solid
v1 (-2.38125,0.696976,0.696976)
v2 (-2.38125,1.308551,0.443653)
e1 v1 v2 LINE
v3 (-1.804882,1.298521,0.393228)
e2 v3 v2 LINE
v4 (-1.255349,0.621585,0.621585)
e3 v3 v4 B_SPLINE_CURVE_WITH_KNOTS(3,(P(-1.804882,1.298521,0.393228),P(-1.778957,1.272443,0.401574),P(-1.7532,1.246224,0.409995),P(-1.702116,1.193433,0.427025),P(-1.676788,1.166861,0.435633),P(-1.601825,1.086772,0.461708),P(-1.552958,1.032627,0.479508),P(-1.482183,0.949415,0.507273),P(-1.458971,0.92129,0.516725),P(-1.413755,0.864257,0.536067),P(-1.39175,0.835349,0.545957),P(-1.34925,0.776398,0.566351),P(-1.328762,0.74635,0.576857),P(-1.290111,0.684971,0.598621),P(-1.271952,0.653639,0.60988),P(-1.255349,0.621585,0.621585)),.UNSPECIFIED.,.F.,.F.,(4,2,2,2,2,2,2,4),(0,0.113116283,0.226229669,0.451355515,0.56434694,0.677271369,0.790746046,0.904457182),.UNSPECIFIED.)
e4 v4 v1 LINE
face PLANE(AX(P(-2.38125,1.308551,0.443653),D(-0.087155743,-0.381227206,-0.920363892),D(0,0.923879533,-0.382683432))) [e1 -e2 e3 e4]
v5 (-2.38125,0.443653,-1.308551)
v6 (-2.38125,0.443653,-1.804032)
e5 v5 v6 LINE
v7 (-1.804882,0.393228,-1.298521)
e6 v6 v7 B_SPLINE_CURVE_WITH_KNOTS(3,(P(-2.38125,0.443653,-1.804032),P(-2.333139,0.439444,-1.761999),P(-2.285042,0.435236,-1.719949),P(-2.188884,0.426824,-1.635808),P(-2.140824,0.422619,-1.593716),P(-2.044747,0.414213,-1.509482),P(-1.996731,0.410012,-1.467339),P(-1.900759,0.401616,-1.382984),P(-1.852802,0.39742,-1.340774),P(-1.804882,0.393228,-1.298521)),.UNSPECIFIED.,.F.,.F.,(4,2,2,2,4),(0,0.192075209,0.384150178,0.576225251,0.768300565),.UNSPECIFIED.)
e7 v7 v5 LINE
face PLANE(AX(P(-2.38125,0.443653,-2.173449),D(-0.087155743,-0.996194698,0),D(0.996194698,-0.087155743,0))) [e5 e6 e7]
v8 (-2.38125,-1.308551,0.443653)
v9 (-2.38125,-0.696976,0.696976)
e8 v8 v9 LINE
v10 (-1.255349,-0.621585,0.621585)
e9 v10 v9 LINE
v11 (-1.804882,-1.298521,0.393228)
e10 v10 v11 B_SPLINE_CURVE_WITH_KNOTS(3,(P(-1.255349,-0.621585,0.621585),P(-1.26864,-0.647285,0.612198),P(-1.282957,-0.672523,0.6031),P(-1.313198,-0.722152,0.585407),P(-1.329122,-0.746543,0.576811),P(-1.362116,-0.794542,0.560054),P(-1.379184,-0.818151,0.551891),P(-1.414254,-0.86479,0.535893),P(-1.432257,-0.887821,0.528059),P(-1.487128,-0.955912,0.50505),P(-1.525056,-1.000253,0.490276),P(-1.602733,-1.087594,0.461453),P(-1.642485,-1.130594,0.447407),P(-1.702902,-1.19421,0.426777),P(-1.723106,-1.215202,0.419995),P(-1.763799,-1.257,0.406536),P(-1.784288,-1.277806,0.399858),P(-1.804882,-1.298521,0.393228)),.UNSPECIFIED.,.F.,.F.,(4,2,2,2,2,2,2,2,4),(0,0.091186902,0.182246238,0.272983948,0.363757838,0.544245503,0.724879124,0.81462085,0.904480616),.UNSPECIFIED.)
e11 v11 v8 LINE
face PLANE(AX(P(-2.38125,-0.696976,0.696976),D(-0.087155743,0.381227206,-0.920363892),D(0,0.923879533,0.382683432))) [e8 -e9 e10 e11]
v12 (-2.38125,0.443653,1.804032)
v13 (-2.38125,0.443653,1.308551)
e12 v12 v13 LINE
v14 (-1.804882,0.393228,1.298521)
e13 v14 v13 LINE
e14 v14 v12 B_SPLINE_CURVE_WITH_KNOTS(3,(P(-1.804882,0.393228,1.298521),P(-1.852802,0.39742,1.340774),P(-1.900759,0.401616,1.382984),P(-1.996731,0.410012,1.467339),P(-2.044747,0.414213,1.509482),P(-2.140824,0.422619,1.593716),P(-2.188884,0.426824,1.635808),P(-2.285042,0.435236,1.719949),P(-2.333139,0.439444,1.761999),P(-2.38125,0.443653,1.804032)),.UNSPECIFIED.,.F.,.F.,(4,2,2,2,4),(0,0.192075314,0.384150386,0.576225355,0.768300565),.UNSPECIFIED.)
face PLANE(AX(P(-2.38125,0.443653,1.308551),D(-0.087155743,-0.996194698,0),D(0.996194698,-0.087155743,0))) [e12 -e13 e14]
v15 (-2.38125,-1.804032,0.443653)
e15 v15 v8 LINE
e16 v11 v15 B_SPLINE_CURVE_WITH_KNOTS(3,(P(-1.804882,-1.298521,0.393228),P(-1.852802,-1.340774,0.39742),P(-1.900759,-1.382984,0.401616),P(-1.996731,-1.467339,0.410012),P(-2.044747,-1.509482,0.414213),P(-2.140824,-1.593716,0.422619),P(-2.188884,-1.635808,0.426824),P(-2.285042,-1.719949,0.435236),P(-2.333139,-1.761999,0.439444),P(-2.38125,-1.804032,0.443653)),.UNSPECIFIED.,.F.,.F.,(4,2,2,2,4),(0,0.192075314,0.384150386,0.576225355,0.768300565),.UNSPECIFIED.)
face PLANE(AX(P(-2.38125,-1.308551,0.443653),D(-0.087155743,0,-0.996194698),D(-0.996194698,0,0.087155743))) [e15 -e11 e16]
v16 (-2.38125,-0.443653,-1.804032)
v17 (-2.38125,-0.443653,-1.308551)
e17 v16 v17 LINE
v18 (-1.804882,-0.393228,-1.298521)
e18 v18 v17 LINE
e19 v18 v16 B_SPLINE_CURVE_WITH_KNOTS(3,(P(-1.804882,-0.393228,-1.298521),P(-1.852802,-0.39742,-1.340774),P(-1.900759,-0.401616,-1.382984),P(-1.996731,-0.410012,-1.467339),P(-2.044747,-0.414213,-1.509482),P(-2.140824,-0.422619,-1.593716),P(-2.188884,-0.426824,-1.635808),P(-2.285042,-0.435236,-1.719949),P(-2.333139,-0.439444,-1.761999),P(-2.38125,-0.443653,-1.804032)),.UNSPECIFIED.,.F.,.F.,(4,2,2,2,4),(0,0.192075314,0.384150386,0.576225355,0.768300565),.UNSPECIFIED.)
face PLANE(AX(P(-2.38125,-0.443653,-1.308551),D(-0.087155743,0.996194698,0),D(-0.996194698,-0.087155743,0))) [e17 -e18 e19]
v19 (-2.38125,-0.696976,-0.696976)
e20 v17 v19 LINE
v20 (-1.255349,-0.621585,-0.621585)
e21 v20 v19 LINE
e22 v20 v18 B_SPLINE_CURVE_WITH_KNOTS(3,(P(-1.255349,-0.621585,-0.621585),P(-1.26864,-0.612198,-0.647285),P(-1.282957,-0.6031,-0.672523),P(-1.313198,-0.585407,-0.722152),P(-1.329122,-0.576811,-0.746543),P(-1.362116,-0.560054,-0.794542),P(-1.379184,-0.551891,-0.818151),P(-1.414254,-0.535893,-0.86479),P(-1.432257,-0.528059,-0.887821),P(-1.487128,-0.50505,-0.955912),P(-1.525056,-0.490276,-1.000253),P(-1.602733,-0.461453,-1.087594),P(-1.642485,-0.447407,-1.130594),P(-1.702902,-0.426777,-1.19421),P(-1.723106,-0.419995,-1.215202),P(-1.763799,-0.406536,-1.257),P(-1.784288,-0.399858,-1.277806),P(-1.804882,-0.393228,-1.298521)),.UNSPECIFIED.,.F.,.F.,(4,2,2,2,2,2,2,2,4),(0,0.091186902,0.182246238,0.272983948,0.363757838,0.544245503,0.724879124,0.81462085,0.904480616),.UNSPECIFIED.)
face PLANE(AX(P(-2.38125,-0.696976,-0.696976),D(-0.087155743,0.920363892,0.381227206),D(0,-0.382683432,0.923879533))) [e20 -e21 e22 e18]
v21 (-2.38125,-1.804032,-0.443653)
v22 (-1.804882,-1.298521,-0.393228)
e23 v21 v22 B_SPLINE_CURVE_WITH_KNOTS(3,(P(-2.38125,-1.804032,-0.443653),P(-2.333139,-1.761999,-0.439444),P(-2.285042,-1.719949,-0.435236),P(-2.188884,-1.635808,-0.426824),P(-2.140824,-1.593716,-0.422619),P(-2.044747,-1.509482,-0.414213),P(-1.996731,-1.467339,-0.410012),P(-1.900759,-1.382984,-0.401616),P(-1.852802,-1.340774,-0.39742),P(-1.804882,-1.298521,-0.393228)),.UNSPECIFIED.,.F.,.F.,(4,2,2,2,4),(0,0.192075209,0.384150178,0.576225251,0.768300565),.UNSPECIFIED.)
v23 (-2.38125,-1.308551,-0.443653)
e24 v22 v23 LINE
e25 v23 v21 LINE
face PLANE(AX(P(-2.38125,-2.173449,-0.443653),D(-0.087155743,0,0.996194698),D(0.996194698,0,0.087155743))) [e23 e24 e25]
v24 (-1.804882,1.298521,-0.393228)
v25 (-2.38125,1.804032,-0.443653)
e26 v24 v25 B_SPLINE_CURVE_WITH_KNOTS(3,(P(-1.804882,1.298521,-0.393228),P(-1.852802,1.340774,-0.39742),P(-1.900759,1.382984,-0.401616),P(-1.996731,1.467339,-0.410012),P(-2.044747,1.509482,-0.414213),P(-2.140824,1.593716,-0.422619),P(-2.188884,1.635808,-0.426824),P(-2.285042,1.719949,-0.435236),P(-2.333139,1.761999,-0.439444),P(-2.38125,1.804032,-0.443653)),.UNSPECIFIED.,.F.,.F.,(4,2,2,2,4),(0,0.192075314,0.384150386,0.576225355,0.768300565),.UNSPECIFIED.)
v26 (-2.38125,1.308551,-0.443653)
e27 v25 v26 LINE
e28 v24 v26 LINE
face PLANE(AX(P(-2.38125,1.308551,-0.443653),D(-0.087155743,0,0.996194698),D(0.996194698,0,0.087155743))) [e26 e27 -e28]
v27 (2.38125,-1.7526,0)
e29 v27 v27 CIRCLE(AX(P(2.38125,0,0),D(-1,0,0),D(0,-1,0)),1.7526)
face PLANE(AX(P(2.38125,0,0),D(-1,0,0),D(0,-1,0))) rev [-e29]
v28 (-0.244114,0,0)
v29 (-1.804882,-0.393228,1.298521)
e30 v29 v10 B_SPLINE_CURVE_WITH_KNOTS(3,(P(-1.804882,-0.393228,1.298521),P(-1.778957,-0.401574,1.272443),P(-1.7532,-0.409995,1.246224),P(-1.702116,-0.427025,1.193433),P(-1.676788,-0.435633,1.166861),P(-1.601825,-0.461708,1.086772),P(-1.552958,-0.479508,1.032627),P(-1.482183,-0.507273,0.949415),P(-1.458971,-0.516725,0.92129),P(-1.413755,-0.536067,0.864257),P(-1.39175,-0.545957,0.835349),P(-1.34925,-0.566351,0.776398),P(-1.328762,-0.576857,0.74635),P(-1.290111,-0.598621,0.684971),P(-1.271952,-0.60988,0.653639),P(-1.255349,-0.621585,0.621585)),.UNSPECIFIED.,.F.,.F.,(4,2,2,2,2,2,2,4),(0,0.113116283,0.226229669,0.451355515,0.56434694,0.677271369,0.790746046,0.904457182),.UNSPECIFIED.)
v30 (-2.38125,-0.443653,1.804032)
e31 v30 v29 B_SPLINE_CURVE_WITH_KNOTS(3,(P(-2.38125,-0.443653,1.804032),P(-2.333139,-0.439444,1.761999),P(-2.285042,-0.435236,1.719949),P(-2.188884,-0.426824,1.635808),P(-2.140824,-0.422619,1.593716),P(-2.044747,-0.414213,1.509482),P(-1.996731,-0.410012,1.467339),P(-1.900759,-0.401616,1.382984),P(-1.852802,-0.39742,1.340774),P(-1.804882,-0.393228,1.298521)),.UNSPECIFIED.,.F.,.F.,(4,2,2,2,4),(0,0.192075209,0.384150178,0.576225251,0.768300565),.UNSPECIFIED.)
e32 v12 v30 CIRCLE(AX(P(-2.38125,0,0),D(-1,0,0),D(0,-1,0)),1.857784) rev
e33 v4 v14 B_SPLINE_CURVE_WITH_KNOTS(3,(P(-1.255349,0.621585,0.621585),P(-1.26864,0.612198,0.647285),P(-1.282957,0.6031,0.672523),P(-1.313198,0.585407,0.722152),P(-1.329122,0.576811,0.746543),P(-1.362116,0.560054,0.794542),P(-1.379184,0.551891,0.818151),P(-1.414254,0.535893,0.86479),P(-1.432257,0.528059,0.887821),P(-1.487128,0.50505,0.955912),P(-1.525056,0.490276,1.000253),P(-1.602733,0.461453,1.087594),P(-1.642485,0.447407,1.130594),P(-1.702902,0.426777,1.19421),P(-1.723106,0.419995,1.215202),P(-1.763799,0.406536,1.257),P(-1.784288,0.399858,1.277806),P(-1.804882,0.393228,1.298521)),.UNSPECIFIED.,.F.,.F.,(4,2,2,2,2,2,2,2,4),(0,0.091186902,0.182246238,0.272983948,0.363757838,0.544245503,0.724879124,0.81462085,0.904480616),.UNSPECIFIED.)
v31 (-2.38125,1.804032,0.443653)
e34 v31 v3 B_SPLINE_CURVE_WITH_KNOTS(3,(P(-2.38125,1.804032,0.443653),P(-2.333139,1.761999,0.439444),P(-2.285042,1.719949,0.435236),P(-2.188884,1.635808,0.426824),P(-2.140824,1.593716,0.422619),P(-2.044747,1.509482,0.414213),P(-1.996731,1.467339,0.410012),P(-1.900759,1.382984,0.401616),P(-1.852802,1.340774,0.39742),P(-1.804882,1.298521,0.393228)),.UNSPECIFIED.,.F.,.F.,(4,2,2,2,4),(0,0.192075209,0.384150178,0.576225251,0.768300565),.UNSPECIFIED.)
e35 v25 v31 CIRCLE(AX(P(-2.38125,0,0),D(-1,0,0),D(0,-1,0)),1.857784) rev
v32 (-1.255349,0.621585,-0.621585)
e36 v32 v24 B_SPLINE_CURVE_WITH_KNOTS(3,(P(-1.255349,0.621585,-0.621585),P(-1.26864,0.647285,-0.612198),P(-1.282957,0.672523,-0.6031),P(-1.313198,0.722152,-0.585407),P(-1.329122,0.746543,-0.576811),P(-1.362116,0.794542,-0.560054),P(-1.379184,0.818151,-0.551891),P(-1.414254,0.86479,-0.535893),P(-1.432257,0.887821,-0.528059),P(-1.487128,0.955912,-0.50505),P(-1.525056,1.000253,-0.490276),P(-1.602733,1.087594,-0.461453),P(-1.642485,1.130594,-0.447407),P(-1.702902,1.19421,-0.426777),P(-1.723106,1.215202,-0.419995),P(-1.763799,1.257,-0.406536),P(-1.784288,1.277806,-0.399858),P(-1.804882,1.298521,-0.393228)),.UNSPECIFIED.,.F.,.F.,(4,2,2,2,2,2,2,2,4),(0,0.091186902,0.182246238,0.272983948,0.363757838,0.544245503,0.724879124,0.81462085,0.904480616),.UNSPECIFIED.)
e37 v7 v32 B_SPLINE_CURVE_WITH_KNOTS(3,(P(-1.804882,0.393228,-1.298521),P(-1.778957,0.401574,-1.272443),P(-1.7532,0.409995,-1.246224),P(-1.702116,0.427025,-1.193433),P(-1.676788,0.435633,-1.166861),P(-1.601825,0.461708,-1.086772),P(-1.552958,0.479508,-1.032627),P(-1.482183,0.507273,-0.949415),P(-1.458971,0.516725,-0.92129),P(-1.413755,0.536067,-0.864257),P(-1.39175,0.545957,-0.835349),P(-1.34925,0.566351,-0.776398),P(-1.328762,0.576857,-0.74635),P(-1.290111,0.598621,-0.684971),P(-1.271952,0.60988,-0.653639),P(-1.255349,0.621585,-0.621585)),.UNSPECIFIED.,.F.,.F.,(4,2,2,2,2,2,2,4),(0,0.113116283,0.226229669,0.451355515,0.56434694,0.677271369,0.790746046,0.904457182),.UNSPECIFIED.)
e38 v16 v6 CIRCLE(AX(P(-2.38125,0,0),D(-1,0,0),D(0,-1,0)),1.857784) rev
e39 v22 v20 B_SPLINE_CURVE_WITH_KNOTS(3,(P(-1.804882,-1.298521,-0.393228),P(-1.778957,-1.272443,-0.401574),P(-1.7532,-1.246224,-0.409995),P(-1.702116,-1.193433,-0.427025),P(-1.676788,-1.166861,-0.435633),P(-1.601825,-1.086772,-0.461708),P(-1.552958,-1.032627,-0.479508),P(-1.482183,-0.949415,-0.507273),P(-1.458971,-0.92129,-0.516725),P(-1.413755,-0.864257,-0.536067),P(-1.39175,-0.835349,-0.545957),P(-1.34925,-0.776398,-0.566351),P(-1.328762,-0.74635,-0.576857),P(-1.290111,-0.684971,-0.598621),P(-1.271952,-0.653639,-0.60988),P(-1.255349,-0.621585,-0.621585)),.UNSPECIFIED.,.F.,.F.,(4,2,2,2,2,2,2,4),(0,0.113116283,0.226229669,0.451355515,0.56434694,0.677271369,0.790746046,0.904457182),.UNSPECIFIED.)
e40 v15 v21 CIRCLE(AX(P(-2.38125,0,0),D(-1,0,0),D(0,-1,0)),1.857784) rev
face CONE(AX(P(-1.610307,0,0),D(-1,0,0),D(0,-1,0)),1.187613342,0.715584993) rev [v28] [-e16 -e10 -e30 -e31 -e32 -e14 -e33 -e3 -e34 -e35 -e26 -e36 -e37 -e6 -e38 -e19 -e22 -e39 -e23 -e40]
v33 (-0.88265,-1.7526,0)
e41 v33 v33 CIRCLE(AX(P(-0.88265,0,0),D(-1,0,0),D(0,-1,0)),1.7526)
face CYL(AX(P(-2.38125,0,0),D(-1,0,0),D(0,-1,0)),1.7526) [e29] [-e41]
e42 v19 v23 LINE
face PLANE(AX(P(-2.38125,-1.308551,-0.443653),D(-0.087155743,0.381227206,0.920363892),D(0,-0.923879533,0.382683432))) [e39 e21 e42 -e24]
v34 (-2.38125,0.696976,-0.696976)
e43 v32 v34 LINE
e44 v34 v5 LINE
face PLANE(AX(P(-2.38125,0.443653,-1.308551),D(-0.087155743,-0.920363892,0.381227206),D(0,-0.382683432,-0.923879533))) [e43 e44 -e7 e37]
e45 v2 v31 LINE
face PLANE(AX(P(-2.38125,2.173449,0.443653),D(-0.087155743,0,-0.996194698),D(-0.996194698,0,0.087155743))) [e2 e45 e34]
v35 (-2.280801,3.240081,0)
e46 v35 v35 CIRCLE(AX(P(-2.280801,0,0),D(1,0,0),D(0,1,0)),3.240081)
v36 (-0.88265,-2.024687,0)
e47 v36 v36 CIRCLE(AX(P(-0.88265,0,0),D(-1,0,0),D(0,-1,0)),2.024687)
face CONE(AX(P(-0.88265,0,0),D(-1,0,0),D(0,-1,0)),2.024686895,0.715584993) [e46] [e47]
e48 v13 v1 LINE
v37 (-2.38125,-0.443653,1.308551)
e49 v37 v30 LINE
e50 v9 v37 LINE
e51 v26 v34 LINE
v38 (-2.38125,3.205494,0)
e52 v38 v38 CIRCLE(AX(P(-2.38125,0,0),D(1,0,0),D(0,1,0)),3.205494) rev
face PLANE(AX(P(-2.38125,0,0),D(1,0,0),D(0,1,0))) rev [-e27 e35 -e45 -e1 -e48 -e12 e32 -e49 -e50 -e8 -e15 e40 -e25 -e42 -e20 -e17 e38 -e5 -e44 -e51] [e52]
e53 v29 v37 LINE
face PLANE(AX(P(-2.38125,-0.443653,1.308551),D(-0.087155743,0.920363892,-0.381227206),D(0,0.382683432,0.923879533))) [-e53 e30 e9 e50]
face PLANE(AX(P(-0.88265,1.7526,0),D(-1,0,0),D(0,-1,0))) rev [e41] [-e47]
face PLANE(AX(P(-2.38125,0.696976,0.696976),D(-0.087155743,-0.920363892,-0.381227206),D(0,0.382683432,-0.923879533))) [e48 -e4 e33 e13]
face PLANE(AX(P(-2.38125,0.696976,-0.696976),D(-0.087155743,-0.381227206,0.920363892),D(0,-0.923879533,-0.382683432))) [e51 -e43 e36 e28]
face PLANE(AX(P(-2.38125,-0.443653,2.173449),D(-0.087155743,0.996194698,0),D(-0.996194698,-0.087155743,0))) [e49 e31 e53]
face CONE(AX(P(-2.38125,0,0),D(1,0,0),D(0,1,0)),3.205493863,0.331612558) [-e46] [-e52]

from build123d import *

# Parameters (mm, degrees)
CUT_EXTRUDE1_REACH = 8.695
CIRPATTERN1_COUNT  = 4
DRAFT1_ANGLE       = 5
CHAMFER1_SIZE      = 0.133096
CHAMFER1_SIZE2     = 0.121906137


with BuildPart() as part:
    # Sketch2 → Revolve1 (revolve)
    with BuildSketch(Plane.XY, mode=Mode.PRIVATE) as revolve1_sk:
        Polygon((-2.38125, 0), (2.38125, 0), (2.38125, 1.7526), (-0.88265, 1.7526), (-0.88265, 2.024686895), (-2.38125, 3.3274), align=None)
    revolve(revolve1_sk.sketch.rotate(Axis((-2.38125, 0, 0), (1, 0, 0)), 180), axis=Axis((-2.38125, 0, 0), (1, 0, 0)))

    # Cut-Extrude1: up to this cone (the profile starts inside it)
    cut_extrude1_end = Plane(origin=(-2.38125, 0, 0), z_dir=(-1, 0, 0)).offset(-2.137134931) * Cone(1e-06, 11.465822401, 13.189918853, align=(Align.CENTER, Align.CENTER, Align.MIN), mode=Mode.PRIVATE)
    # Sketch3 → Cut-Extrude1 (cut, up to the surface)
    with BuildSketch(Plane.ZY.offset(2.38125), mode=Mode.PRIVATE) as cut_extrude1_sk1:
        with BuildLine():
            Line((0, 0), (2.218266667, 0))
            ThreePointArc((2.218266667, 0), (2.207033704, 0.22295568), (2.173448579, 0.443653333))
            Line((2.173448579, 0.443653333), (1.308550956, 0.443653333))
            Line((1.308550956, 0.443653333), (0.696975982, 0.696975982))
            Line((0.696975982, 0.696975982), (0.443653333, 1.308550956))
            Line((0.443653333, 1.308550956), (0.443653333, 2.173448579))
            ThreePointArc((0.443653333, 2.173448579), (0.22295568, 2.207033704), (0, 2.218266667))
            Line((0, 2.218266667), (0, 0))
        make_face()
    cut_extrude1_tool1 = extrude(cut_extrude1_sk1.sketch, amount=-CUT_EXTRUDE1_REACH, mode=Mode.PRIVATE) & cut_extrude1_end
    cut_extrude1 = cut_extrude1_tool1.solids().sort_by_distance((-2.38125, 1.109133, 0.031371))[0]
    add(cut_extrude1, mode=Mode.SUBTRACT)

    # CirPattern1: Cut-Extrude1 ×4 about axis
    cirpattern1_axis = Axis((0, 0, 0), (1, 0, 0))
    for i in range(1, CIRPATTERN1_COUNT):
        add(cut_extrude1.rotate(cirpattern1_axis, i * 360 / CIRPATTERN1_COUNT), mode=Mode.SUBTRACT)

    # Draft1
    draft1_faces = [part.faces().sort_by_distance(p)[0] for p in [
        (-2.19829002, 0.443653333, -1.474018434),
        (-1.970823894, 0.582482874, -0.973386795),
        (-1.970823894, 0.973386795, -0.582482874),
        (-2.19829002, 1.474018434, -0.443653333),
        (-2.19829002, 1.474018434, 0.443653333),
        (-1.970823894, 0.973386795, 0.582482874),
        (-1.970823894, 0.582482874, 0.973386795),
        (-2.19829002, 0.443653333, 1.474018434),
        (-2.19829002, -0.443653333, 1.474018434),
        (-1.970823894, -0.582482874, 0.973386795),
        (-1.970823894, -0.973386795, 0.582482874),
        (-2.19829002, -1.474018434, 0.443653333),
        (-2.19829002, -1.474018434, -0.443653333),
        (-1.970823894, -0.973386795, -0.582482874),
        (-1.970823894, -0.582482874, -0.973386795),
        (-2.19829002, -0.443653333, -1.474018434),
    ]]
    draft(draft1_faces, Plane(origin=(-2.38125, 0, 0), x_dir=(0, -1, 0), z_dir=(-1, 0, 0)), DRAFT1_ANGLE)

    # Chamfer1
    chamfer1_edges = [part.edges().sort_by_distance(p)[0] for p in [
        (-2.38125, 3.3274, 0),
    ]]
    chamfer1_side = [part.faces().sort_by_distance(p)[0] for p in [
        (-1.63195, 2.676043447, 0),
    ]]
    chamfer(chamfer1_edges, length=CHAMFER1_SIZE, length2=CHAMFER1_SIZE2, reference=chamfer1_side[0])


solid = part.part
